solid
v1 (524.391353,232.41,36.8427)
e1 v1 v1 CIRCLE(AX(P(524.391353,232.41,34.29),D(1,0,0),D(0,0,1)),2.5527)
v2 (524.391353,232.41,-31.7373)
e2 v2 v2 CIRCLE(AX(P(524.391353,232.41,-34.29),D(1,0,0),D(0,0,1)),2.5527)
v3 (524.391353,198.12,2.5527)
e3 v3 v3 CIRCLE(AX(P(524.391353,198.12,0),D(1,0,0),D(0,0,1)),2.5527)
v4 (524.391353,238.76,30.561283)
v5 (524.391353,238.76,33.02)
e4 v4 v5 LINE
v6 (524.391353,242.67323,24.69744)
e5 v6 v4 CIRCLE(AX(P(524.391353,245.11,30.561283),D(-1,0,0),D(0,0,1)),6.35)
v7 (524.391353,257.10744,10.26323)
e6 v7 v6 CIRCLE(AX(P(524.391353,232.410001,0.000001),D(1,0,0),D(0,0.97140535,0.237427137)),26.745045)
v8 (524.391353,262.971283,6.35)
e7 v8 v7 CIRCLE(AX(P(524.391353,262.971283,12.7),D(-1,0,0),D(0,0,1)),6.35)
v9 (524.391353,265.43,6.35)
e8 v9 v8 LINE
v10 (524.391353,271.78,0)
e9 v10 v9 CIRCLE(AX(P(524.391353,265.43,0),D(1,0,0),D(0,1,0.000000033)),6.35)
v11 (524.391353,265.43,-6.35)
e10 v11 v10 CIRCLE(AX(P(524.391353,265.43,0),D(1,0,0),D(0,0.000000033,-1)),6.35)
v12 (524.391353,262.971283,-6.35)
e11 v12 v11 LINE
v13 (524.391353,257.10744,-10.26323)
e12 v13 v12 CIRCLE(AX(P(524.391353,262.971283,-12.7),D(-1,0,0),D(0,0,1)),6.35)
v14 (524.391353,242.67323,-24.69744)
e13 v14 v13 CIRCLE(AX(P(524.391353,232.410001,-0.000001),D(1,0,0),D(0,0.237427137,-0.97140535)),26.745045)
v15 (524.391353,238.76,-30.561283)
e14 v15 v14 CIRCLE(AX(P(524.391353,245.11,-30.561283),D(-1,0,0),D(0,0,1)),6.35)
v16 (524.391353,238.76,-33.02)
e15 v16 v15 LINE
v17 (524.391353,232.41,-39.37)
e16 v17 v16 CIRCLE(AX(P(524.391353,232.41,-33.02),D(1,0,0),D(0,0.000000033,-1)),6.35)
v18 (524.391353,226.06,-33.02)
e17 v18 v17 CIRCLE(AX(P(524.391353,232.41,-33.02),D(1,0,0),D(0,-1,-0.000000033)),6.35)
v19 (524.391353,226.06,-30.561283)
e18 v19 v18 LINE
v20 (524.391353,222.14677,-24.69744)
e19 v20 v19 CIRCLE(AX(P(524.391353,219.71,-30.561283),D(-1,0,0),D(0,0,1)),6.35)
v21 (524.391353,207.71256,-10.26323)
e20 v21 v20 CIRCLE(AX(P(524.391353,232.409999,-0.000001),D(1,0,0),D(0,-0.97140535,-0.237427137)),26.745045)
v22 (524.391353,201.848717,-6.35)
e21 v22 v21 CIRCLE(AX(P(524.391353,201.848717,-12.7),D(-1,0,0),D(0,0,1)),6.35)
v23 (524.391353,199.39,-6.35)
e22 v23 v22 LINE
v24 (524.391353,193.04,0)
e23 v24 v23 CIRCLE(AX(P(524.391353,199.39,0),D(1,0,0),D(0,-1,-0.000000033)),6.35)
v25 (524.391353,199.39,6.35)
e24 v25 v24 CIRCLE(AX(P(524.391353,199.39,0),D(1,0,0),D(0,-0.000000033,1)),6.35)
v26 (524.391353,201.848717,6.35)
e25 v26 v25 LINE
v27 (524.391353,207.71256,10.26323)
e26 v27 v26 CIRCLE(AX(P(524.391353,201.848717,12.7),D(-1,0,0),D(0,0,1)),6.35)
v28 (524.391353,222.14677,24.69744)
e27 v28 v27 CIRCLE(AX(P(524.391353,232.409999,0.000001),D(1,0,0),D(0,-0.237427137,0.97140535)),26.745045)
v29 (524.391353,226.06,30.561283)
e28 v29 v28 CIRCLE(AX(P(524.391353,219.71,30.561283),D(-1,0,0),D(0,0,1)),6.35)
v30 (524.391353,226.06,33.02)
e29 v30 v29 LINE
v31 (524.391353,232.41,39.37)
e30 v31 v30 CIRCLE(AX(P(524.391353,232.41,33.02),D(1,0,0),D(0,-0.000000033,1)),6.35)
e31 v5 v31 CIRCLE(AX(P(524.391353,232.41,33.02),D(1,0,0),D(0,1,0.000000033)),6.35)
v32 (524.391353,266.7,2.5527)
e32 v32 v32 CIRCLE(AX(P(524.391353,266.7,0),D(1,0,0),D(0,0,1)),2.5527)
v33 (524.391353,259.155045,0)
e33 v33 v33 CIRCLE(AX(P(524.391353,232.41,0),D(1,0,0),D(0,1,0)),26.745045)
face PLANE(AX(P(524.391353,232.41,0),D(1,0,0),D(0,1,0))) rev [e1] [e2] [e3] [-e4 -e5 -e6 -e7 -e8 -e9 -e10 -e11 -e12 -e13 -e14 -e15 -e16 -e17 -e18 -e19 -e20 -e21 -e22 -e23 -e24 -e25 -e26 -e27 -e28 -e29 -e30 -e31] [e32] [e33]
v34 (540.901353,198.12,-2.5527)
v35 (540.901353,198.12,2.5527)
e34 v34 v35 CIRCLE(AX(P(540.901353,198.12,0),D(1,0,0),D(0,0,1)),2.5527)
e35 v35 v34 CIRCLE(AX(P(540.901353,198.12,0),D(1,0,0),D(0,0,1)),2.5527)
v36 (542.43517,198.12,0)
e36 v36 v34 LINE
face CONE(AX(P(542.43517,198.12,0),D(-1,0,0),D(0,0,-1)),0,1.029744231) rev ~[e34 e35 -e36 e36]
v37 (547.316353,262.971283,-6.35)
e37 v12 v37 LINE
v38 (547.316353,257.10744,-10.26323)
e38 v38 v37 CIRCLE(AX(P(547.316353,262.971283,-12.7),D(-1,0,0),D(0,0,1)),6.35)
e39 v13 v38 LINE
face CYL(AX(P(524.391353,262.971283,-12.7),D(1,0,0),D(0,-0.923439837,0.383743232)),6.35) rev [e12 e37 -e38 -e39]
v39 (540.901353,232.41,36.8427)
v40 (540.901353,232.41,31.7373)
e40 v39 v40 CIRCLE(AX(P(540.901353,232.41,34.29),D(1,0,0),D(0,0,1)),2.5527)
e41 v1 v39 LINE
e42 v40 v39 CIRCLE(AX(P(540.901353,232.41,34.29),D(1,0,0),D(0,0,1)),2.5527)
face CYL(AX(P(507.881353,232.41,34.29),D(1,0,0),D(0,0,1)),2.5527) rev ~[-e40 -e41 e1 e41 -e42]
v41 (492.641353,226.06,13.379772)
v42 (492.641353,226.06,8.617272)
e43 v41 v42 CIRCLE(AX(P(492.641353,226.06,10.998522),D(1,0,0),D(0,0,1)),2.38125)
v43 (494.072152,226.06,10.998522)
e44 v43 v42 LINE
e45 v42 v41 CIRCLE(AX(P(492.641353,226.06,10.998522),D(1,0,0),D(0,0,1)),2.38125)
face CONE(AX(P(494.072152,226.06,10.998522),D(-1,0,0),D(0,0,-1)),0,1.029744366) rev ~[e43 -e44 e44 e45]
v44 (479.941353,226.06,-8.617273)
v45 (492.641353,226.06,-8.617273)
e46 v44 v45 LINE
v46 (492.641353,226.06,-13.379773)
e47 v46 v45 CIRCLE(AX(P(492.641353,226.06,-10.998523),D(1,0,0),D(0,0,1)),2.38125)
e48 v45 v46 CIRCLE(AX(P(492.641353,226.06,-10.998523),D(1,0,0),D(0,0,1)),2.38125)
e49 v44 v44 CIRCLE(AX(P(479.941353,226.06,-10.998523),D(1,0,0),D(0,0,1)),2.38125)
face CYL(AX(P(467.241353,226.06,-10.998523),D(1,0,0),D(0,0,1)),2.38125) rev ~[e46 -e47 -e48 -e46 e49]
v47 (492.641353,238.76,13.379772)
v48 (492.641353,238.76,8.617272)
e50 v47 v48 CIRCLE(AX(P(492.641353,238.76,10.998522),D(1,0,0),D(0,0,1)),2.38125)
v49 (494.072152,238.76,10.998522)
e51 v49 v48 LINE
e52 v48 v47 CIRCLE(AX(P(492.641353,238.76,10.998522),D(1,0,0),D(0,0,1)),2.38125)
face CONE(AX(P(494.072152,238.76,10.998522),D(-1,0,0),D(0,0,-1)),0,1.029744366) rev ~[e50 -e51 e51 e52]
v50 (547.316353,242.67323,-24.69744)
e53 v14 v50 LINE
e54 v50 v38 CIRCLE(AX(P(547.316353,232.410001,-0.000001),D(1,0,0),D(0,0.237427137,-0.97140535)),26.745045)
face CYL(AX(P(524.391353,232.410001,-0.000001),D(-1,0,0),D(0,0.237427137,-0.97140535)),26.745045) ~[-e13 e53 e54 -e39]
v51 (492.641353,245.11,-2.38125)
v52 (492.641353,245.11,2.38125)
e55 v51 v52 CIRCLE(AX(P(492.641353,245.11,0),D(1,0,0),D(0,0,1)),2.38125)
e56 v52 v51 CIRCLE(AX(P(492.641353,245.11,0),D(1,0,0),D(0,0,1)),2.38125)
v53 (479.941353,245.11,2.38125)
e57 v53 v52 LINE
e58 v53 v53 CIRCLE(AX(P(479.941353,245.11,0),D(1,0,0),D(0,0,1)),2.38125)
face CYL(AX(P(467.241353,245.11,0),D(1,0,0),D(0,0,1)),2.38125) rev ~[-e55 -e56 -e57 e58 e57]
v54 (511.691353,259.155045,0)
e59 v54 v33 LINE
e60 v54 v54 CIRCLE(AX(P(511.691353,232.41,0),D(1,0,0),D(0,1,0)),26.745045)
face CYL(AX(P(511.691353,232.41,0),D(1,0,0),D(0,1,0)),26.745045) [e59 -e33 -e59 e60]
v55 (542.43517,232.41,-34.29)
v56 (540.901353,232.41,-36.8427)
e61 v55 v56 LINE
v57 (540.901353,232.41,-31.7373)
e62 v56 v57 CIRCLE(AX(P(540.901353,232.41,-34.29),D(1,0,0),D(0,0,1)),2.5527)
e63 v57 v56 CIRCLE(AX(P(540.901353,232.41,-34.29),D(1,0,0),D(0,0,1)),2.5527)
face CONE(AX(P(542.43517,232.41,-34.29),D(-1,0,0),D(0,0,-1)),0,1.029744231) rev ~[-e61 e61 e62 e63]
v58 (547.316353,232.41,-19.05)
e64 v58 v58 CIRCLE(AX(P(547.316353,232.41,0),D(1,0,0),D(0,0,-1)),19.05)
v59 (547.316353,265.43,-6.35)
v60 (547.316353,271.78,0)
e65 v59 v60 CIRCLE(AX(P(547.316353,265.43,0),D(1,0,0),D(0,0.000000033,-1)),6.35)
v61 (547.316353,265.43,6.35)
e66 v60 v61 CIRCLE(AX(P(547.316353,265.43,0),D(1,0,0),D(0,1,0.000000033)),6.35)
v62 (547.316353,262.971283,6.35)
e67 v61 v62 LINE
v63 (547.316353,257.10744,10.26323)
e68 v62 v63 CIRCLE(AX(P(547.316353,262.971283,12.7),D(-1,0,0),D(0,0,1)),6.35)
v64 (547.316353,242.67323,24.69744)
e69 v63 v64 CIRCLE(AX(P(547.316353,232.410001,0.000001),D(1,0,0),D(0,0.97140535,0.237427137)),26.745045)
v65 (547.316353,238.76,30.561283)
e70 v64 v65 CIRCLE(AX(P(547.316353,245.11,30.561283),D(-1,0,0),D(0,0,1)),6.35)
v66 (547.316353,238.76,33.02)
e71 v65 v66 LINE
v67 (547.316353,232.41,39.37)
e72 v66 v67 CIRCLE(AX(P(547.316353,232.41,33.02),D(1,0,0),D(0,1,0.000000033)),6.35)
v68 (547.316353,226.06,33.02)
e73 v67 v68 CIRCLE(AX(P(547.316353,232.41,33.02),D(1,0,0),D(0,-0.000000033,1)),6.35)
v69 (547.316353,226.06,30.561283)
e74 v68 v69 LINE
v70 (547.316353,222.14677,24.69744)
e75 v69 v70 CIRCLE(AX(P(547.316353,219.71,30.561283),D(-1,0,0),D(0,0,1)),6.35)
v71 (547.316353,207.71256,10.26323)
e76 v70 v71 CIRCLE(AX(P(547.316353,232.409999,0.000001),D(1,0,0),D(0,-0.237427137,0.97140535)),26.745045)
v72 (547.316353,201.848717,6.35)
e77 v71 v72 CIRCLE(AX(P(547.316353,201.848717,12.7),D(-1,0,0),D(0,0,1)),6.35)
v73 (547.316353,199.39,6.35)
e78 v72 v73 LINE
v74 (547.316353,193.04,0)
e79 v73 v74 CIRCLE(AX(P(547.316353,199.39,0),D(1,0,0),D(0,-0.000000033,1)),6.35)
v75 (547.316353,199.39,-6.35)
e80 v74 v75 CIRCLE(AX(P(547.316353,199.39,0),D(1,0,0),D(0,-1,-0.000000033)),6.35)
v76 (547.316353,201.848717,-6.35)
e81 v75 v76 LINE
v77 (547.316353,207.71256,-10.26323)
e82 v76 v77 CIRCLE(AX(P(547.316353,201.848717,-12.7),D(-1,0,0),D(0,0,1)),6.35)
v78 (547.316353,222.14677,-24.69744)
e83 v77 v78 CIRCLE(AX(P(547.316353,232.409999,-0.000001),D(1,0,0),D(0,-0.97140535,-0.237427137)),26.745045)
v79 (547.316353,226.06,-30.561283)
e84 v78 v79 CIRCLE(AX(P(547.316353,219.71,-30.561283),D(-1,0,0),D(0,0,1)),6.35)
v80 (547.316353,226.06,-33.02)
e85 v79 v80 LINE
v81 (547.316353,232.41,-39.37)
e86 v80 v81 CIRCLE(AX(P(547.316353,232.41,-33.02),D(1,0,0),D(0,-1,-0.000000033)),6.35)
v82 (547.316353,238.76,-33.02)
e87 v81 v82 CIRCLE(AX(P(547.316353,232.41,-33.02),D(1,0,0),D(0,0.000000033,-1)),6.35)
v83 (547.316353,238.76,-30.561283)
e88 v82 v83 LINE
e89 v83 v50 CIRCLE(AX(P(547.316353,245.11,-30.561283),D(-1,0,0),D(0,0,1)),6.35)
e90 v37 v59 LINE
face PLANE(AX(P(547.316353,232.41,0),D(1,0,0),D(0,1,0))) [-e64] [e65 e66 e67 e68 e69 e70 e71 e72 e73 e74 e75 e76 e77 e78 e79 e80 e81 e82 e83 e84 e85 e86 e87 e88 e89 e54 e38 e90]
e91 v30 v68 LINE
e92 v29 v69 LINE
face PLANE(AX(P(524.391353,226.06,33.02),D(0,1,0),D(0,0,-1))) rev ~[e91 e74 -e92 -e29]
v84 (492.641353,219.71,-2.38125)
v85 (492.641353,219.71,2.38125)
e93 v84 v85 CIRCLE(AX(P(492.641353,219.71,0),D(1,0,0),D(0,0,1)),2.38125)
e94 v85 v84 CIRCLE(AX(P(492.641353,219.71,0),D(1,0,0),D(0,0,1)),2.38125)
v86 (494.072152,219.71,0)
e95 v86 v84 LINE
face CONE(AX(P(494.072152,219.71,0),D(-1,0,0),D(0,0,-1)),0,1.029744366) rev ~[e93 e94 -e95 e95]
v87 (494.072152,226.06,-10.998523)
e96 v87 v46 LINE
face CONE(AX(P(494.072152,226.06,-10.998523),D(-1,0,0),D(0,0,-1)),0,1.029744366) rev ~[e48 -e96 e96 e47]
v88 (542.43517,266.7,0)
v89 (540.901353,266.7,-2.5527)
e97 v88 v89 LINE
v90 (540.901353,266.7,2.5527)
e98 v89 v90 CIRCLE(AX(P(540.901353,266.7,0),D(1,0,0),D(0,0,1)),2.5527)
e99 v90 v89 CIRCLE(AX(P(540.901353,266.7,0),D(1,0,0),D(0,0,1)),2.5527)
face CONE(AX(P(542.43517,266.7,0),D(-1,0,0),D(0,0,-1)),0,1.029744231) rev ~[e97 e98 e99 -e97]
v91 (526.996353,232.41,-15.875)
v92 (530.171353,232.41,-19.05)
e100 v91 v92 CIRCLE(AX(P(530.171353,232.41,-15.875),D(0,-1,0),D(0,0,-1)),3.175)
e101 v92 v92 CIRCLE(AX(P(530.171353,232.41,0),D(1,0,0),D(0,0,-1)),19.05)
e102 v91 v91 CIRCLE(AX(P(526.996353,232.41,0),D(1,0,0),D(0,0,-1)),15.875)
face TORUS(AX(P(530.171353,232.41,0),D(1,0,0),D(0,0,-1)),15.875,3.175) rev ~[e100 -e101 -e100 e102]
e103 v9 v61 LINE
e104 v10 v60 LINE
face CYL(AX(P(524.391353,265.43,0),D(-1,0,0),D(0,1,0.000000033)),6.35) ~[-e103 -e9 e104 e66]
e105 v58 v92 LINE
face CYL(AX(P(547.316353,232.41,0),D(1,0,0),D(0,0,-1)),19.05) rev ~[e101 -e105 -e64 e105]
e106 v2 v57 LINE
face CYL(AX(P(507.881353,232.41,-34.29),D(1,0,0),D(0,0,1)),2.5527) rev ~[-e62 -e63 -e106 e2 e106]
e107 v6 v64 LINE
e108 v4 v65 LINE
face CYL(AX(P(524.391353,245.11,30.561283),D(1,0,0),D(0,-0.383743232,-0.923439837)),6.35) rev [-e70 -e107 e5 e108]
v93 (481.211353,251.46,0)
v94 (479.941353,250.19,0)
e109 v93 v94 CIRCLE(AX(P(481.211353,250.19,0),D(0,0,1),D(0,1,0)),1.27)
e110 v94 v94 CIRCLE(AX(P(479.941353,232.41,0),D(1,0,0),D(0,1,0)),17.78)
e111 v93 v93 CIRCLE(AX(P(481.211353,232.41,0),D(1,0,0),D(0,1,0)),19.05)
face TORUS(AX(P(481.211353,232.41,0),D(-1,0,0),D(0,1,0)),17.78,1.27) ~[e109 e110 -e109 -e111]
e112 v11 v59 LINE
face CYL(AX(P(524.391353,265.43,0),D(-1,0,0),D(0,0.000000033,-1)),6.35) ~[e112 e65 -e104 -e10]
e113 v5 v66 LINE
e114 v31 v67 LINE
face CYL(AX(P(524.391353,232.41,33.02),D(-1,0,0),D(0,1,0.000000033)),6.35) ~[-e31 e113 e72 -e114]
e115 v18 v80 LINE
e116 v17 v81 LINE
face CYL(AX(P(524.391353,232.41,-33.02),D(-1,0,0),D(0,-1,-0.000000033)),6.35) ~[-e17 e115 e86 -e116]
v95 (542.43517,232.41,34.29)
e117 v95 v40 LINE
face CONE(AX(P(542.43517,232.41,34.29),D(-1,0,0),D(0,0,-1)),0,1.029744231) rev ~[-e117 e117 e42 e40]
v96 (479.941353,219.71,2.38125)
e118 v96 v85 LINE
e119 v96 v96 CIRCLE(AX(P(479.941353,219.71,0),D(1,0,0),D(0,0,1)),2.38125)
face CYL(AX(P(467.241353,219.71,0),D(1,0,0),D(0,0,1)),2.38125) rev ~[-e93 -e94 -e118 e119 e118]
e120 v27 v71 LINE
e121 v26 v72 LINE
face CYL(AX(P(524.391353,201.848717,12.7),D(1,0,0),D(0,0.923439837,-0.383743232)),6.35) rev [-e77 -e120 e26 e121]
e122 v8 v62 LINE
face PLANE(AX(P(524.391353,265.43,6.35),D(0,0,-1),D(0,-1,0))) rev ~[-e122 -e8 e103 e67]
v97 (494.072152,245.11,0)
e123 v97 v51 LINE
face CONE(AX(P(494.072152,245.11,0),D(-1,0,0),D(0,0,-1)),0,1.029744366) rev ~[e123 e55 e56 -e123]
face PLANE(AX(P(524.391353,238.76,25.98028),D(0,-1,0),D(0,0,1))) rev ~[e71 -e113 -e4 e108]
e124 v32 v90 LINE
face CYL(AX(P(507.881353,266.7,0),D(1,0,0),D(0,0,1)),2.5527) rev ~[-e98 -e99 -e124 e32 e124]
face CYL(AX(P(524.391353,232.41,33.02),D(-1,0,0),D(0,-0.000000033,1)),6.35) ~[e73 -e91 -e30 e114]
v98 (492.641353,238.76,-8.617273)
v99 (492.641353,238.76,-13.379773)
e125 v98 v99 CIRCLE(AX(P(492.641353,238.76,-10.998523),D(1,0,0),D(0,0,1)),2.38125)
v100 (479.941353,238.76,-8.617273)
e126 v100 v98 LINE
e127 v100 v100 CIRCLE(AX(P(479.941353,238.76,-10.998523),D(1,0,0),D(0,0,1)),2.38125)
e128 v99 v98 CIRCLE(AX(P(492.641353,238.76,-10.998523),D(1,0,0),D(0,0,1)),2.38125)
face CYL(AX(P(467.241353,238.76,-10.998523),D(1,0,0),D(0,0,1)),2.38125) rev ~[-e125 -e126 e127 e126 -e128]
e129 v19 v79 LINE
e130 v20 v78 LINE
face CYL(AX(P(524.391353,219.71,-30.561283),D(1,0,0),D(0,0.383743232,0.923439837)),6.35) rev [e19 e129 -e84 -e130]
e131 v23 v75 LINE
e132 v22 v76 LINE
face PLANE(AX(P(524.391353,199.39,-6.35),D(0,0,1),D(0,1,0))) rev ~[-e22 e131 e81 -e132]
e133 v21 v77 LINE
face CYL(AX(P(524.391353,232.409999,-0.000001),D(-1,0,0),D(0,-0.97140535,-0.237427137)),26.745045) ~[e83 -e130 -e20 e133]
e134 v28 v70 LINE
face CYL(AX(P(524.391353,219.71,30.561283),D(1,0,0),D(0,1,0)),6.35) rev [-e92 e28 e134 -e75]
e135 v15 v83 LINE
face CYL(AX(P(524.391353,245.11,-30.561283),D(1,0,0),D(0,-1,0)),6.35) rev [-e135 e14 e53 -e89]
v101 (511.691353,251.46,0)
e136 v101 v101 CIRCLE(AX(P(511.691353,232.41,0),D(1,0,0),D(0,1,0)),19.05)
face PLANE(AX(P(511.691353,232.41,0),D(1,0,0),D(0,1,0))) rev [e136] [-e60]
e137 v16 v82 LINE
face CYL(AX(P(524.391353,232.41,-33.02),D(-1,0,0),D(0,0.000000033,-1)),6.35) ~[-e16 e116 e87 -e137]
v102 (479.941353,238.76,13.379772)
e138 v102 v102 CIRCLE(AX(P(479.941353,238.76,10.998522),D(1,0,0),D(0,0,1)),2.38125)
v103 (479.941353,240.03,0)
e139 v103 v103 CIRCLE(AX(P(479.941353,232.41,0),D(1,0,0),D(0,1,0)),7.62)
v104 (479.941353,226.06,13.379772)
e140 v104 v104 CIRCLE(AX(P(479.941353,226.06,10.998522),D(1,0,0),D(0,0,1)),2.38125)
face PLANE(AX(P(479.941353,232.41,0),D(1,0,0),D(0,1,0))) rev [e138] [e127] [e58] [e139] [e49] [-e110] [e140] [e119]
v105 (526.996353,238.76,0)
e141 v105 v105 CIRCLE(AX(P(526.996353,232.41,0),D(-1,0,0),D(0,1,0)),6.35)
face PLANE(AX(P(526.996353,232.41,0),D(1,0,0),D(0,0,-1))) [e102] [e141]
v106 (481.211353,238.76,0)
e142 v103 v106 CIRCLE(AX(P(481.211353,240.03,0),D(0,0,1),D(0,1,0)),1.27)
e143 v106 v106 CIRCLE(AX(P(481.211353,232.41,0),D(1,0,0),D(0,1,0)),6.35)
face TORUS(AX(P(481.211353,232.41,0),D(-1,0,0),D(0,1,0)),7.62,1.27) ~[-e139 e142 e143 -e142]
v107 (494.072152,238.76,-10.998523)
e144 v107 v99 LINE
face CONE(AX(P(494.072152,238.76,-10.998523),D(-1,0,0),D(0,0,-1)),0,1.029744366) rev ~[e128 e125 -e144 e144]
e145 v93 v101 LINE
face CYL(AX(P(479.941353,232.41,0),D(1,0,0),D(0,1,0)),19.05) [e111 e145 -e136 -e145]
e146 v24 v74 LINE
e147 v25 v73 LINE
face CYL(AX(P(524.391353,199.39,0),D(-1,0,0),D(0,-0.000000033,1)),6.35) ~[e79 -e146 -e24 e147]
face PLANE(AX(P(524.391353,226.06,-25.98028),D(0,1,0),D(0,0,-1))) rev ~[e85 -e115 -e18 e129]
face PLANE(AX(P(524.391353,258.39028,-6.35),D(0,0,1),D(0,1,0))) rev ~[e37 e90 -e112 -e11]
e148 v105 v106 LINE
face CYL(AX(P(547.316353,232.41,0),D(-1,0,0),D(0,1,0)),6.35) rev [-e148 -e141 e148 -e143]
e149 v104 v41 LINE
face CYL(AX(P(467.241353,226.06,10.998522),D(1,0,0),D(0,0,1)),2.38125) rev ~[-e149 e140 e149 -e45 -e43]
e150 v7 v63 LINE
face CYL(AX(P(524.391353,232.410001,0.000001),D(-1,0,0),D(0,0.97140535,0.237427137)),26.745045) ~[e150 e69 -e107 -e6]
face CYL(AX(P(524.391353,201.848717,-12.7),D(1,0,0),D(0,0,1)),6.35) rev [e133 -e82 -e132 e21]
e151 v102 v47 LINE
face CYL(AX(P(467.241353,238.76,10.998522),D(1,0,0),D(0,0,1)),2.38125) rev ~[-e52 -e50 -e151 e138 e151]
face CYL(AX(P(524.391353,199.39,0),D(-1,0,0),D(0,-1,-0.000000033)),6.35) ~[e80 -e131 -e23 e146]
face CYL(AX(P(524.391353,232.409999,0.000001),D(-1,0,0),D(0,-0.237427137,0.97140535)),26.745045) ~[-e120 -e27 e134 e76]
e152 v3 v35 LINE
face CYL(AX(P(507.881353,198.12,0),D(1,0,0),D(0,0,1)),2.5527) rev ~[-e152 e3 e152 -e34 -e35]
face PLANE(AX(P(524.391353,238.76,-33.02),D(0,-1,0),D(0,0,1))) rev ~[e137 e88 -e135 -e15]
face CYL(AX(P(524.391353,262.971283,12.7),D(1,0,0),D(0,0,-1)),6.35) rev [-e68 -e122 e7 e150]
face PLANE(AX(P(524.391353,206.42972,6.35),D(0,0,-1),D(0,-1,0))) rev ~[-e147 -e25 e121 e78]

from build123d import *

# Parameters (mm, degrees)
F_3_16_0_1875_DOWEL_HOLE1_D     = 4.7625
F_3_16_0_1875_DOWEL_HOLE1_DEPTH = 12.7
F_3_16_0_1875_DOWEL_HOLE1_TIP   = 1.430799
CUT_EXTRUDE3_DEPTH              = 22.925
SKETCH6_R                       = 19.05
CUT_EXTRUDE4_DEPTH              = 20.32
FILLET8_R                       = 6.35
FILLET7_R                       = 1.27
FILLET9_R                       = 3.175
F_1_4_20_TAPPED_HOLE1_D         = 5.1054
F_1_4_20_TAPPED_HOLE1_DEPTH     = 16.51
F_1_4_20_TAPPED_HOLE1_TIP       = 1.533817


with BuildPart() as part:
    # Sketch1 → Revolve1 (revolve)
    with BuildSketch(Plane.XY):
        Polygon((479.941353, 251.46), (511.691353, 251.46), (511.691353, 259.155045), (524.391353, 259.155045), (524.391353, 271.78), (547.316353, 271.78), (547.316353, 238.76), (479.941353, 238.76), align=None)
    revolve(axis=Axis((439.541353, 232.41, 0), (1, 0, 0)))

    # 3/16 (0.1875) Dowel Hole1
    with Locations(Plane(origin=(479.941353, 238.76, -10.998523), x_dir=(0, 0, -1), z_dir=(-1, 0, 0))):
        with Locations((0, 0), (-10.998523, -6.35), (-21.997045, 0), (-21.997045, 12.7), (-10.998523, 19.05), (0, 12.7)):
            Hole(F_3_16_0_1875_DOWEL_HOLE1_D / 2, depth=F_3_16_0_1875_DOWEL_HOLE1_DEPTH)
            with Locations((0, 0, -(F_3_16_0_1875_DOWEL_HOLE1_DEPTH + F_3_16_0_1875_DOWEL_HOLE1_TIP / 2))):  # 118° drill point
                Cone(0, F_3_16_0_1875_DOWEL_HOLE1_D / 2, F_3_16_0_1875_DOWEL_HOLE1_TIP, mode=Mode.SUBTRACT)

    # Sketch5 → Cut-Extrude3 (cut)
    with BuildSketch(Plane.ZY.offset(-524.391353)):
        with BuildLine():
            ThreePointArc((-33.02, 226.06), (-37.510128, 227.919872), (-39.37, 232.41))
            ThreePointArc((-39.37, 232.41), (-27.838794, 204.571206), (0, 193.04))
            ThreePointArc((0, 193.04), (-4.490128, 194.899872), (-6.35, 199.39))
            Line((-6.35, 199.39), (-6.35, 206.42972))
            ThreePointArc((-6.35, 206.42972), (-18.911603, 213.498397), (-25.98028, 226.06))
            Line((-25.98028, 226.06), (-33.02, 226.06))
        make_face()
        with BuildLine():
            Line((-6.35, 258.39028), (-6.35, 265.43))
            ThreePointArc((-6.35, 265.43), (-4.490128, 269.920128), (0, 271.78))
            ThreePointArc((0, 271.78), (-27.838794, 260.248794), (-39.37, 232.41))
            ThreePointArc((-39.37, 232.41), (-37.510128, 236.900128), (-33.02, 238.76))
            Line((-33.02, 238.76), (-25.98028, 238.76))
            ThreePointArc((-25.98028, 238.76), (-18.911603, 251.321603), (-6.35, 258.39028))
        make_face()
        with BuildLine():
            ThreePointArc((39.37, 232.41), (27.838794, 260.248794), (0, 271.78))
            ThreePointArc((0, 271.78), (4.490128, 269.920128), (6.35, 265.43))
            Line((6.35, 265.43), (6.35, 258.39028))
            ThreePointArc((6.35, 258.39028), (18.911603, 251.321603), (25.98028, 238.76))
            Line((25.98028, 238.76), (33.02, 238.76))
            ThreePointArc((33.02, 238.76), (37.510128, 236.900128), (39.37, 232.41))
        make_face()
        with BuildLine():
            ThreePointArc((0, 193.04), (27.838794, 204.571206), (39.37, 232.41))
            ThreePointArc((39.37, 232.41), (37.510128, 227.919872), (33.02, 226.06))
            Line((33.02, 226.06), (25.98028, 226.06))
            ThreePointArc((25.98028, 226.06), (18.911603, 213.498397), (6.35, 206.42972))
            Line((6.35, 206.42972), (6.35, 199.39))
            ThreePointArc((6.35, 199.39), (4.490128, 194.899872), (0, 193.04))
        make_face()
    extrude(amount=-CUT_EXTRUDE3_DEPTH, mode=Mode.SUBTRACT)

    # Sketch6 → Cut-Extrude4 (cut)
    with BuildSketch(Plane(origin=(547.316353, 0, 0), x_dir=(0, 0, -1), z_dir=(1, 0, 0))):
        with Locations((0, 232.41)):
            Circle(SKETCH6_R)
    extrude(amount=-CUT_EXTRUDE4_DEPTH, mode=Mode.SUBTRACT)

    # Fillet8
    fillet8_edges = [part.edges().sort_by_distance(p)[0] for p in [
        (535.853853, 226.06, 25.98028),
        (535.853853, 206.42972, 6.35),
        (535.853853, 206.42972, -6.35),
        (535.853853, 226.06, -25.98028),
        (535.853853, 238.76, -25.98028),
        (535.853853, 258.39028, -6.35),
        (535.853853, 258.39028, 6.35),
        (535.853853, 238.76, 25.98028),
    ]]
    fillet(fillet8_edges, radius=FILLET8_R)

    # Fillet7
    fillet7_edges = [part.edges().sort_by_distance(p)[0] for p in [
        (479.941353, 226.06, 0),
        (479.941353, 213.36, 0),
    ]]
    fillet(fillet7_edges, radius=FILLET7_R)

    # Fillet9
    fillet9_edges = [part.edges().sort_by_distance(p)[0] for p in [
        (526.996353, 232.41, 19.05),
    ]]
    fillet(fillet9_edges, radius=FILLET9_R)

    # 1/4-20 Tapped Hole1
    with Locations(Plane(origin=(524.391353, 232.41, -34.29), x_dir=(0, 0, -1), z_dir=(-1, 0, 0))):
        with Locations((0, 0), (-34.29, -34.29), (-68.58, 0), (-34.29, 34.29)):
            Hole(F_1_4_20_TAPPED_HOLE1_D / 2, depth=F_1_4_20_TAPPED_HOLE1_DEPTH)
            with Locations((0, 0, -(F_1_4_20_TAPPED_HOLE1_DEPTH + F_1_4_20_TAPPED_HOLE1_TIP / 2))):  # 118° drill point
                Cone(0, F_1_4_20_TAPPED_HOLE1_D / 2, F_1_4_20_TAPPED_HOLE1_TIP, mode=Mode.SUBTRACT)


solid = part.part
